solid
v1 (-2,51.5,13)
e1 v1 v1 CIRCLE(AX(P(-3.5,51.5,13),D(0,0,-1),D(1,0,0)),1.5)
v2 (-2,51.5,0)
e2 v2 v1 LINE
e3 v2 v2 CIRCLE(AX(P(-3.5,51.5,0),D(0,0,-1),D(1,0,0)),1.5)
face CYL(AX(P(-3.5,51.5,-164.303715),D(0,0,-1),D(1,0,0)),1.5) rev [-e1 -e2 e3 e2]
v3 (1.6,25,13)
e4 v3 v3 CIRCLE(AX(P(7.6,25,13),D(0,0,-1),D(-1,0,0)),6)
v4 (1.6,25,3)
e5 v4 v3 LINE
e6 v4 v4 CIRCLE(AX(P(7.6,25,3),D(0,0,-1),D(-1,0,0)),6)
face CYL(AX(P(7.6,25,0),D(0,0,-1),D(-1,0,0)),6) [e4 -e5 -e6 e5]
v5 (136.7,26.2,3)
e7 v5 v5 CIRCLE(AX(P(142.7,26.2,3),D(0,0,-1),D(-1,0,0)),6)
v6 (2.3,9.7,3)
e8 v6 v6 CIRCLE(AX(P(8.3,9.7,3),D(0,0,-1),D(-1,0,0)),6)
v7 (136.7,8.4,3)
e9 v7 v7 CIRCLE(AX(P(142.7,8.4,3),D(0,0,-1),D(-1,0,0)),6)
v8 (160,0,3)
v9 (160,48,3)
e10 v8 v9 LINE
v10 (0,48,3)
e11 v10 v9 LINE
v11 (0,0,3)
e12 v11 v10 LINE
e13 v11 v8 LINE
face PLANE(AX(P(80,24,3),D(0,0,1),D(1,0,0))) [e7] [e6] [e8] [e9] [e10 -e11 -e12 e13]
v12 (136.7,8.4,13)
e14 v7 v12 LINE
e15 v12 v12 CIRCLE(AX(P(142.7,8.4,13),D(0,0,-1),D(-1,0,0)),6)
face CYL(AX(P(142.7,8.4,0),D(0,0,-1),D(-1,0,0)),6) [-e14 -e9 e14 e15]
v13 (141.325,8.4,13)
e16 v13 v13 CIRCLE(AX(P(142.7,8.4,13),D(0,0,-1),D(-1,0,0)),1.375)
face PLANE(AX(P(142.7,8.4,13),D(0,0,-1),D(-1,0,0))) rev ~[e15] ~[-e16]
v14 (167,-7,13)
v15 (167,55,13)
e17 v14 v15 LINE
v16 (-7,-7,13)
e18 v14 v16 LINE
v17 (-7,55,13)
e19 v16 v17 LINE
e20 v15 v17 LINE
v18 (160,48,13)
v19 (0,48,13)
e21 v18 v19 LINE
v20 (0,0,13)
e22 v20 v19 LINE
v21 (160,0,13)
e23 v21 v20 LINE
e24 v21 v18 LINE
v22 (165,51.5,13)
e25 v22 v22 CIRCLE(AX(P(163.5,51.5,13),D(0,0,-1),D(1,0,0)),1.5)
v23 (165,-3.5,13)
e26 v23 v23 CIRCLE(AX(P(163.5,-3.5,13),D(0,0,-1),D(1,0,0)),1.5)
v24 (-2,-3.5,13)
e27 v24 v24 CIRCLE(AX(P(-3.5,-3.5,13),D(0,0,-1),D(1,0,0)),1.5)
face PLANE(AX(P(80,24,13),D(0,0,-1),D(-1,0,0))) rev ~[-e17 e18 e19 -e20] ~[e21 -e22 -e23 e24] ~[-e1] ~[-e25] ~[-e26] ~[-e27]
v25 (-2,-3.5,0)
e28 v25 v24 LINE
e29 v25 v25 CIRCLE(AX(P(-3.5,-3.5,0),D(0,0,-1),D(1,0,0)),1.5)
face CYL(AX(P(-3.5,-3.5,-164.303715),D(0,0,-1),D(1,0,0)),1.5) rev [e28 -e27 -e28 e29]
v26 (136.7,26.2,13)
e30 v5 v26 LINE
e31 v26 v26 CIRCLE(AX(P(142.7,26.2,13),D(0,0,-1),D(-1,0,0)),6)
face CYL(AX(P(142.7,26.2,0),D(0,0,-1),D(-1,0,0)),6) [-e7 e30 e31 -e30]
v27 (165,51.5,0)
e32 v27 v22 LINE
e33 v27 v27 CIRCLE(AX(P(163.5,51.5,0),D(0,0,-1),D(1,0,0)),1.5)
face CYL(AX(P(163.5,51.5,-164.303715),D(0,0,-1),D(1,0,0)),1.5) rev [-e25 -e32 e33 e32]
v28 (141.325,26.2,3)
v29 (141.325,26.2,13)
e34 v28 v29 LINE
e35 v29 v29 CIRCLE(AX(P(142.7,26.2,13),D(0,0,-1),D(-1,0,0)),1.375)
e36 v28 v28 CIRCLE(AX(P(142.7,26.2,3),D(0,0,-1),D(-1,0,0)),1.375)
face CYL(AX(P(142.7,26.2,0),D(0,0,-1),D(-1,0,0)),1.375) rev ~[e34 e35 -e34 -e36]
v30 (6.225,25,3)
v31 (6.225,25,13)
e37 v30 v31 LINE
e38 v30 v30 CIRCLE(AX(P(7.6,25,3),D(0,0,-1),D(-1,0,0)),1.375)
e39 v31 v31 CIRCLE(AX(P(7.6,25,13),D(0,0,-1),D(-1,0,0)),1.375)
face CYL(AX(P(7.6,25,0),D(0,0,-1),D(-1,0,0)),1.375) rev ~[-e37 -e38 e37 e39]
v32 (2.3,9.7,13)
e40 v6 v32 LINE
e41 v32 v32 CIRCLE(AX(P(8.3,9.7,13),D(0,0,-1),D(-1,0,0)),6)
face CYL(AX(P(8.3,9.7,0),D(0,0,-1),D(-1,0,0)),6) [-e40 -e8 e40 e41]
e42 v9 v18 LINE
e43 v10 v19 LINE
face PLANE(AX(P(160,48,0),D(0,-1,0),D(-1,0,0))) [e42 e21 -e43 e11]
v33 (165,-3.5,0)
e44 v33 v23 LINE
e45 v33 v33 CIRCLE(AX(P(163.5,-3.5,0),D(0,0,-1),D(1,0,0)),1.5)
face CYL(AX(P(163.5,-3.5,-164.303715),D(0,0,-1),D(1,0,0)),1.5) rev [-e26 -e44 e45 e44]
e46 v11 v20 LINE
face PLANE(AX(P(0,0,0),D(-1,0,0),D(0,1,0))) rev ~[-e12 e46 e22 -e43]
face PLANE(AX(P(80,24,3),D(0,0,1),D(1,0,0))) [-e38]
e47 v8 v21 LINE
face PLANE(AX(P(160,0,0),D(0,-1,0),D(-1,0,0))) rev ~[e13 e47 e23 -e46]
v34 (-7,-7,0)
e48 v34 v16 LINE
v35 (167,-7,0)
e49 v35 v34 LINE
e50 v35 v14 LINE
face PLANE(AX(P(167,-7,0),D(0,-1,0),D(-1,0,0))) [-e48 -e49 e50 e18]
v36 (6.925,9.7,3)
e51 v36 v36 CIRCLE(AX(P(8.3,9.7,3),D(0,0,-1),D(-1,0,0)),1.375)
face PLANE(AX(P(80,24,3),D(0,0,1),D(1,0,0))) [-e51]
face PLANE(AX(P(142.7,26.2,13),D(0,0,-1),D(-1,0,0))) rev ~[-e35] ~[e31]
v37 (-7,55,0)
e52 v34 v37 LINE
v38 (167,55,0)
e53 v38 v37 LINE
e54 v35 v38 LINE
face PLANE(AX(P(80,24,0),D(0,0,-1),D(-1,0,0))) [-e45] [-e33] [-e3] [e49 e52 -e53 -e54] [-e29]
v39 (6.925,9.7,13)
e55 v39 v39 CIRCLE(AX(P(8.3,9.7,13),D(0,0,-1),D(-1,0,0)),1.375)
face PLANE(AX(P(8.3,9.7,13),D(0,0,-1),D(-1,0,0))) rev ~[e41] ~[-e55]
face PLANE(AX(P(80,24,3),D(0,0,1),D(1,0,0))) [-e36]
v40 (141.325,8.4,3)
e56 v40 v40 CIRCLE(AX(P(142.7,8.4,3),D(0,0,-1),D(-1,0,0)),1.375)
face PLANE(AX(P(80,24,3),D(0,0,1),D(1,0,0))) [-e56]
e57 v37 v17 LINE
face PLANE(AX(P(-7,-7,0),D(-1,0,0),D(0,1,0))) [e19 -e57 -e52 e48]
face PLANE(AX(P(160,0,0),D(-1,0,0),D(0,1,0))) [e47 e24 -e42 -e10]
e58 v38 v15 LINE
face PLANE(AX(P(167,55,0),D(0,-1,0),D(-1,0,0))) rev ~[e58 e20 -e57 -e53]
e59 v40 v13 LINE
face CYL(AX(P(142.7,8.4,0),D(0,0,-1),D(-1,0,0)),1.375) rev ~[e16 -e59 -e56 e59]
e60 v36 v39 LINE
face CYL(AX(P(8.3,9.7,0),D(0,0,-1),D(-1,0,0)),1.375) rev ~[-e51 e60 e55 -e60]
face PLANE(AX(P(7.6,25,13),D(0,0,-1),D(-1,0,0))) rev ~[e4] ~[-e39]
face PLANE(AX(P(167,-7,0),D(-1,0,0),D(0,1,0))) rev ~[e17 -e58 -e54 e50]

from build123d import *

# Parameters (mm, degrees)
SKICA1_W                      = 160
SKICA1_H                      = 48
P_IDAT_VYSUNUT_M1_DEPTH       = 3
SKICA3_R                      = 6
SKICA3_R_2                    = 1.375
STOJNY_K_PCB_DEPTH            = 13
SKICA5_W                      = 174
SKICA5_H                      = 62
SKICA5_W_2                    = 160
SKICA5_H_2                    = 48
P_IDAT_VYSUNUT_M3_DEPTH       = 13
ODEBRAT_VYSUNUT_M2_DEPTH      = 177.303715219
ODEBRAT_VYSUNUT_M2_DEPTH_BACK = 177.303715219
SKICA7_R                      = 1.5


with BuildPart() as part:
    # Skica1 → Přidat vysunutím1 (new body)
    with BuildSketch(Plane.XY):
        with Locations((80, 24)):
            Rectangle(SKICA1_W, SKICA1_H)
    extrude(amount=P_IDAT_VYSUNUT_M1_DEPTH)

    # Skica3 → stojny k PCB (add)
    # profile 1 of 4: a face of its own
    with BuildSketch(Plane(origin=(0, 0, 0), x_dir=(-1, 0, 0), z_dir=(0, 0, -1))):
        with Locations((-7.6, 25)):
            Circle(SKICA3_R)
        with Locations((-7.6, 25)):
            Circle(SKICA3_R_2, mode=Mode.SUBTRACT)
    # profile 2 of 4: a face of its own
    with BuildSketch(Plane(origin=(0, 0, 0), x_dir=(-1, 0, 0), z_dir=(0, 0, -1))):
        with Locations((-8.3, 9.7)):
            Circle(SKICA3_R)
        with Locations((-8.3, 9.7)):
            Circle(SKICA3_R_2, mode=Mode.SUBTRACT)
    # profile 3 of 4: a face of its own
    with BuildSketch(Plane(origin=(0, 0, 0), x_dir=(-1, 0, 0), z_dir=(0, 0, -1))):
        with Locations((-142.7, 26.2)):
            Circle(SKICA3_R)
        with Locations((-142.7, 26.2)):
            Circle(SKICA3_R_2, mode=Mode.SUBTRACT)
    # profile 4 of 4: a face of its own
    with BuildSketch(Plane(origin=(0, 0, 0), x_dir=(-1, 0, 0), z_dir=(0, 0, -1))):
        with Locations((-142.7, 8.4)):
            Circle(SKICA3_R)
        with Locations((-142.7, 8.4)):
            Circle(SKICA3_R_2, mode=Mode.SUBTRACT)
    extrude(amount=-STOJNY_K_PCB_DEPTH)

    # Skica5 → Přidat vysunutím3 (add)
    with BuildSketch(Plane(origin=(0, 0, 0), x_dir=(-1, 0, 0), z_dir=(0, 0, -1))):
        with Locations((-80, 24)):
            Rectangle(SKICA5_W, SKICA5_H)
        with Locations((-80, 24)):
            Rectangle(SKICA5_W_2, SKICA5_H_2, mode=Mode.SUBTRACT)
    extrude(amount=-P_IDAT_VYSUNUT_M3_DEPTH)

    # Skica7 → Odebrat vysunutím2 (cut, two sides: drawn at the far end of the back side and taken through both)
    with BuildSketch(Plane.XY.offset(13).offset(-ODEBRAT_VYSUNUT_M2_DEPTH_BACK)):
        with Locations((-3.5, -3.5)):
            Circle(SKICA7_R)
        with Locations((-3.5, 51.5)):
            Circle(SKICA7_R)
        with Locations((163.5, -3.5)):
            Circle(SKICA7_R)
        with Locations((163.5, 51.5)):
            Circle(SKICA7_R)
    extrude(amount=ODEBRAT_VYSUNUT_M2_DEPTH + ODEBRAT_VYSUNUT_M2_DEPTH_BACK, mode=Mode.SUBTRACT)


solid = part.part
